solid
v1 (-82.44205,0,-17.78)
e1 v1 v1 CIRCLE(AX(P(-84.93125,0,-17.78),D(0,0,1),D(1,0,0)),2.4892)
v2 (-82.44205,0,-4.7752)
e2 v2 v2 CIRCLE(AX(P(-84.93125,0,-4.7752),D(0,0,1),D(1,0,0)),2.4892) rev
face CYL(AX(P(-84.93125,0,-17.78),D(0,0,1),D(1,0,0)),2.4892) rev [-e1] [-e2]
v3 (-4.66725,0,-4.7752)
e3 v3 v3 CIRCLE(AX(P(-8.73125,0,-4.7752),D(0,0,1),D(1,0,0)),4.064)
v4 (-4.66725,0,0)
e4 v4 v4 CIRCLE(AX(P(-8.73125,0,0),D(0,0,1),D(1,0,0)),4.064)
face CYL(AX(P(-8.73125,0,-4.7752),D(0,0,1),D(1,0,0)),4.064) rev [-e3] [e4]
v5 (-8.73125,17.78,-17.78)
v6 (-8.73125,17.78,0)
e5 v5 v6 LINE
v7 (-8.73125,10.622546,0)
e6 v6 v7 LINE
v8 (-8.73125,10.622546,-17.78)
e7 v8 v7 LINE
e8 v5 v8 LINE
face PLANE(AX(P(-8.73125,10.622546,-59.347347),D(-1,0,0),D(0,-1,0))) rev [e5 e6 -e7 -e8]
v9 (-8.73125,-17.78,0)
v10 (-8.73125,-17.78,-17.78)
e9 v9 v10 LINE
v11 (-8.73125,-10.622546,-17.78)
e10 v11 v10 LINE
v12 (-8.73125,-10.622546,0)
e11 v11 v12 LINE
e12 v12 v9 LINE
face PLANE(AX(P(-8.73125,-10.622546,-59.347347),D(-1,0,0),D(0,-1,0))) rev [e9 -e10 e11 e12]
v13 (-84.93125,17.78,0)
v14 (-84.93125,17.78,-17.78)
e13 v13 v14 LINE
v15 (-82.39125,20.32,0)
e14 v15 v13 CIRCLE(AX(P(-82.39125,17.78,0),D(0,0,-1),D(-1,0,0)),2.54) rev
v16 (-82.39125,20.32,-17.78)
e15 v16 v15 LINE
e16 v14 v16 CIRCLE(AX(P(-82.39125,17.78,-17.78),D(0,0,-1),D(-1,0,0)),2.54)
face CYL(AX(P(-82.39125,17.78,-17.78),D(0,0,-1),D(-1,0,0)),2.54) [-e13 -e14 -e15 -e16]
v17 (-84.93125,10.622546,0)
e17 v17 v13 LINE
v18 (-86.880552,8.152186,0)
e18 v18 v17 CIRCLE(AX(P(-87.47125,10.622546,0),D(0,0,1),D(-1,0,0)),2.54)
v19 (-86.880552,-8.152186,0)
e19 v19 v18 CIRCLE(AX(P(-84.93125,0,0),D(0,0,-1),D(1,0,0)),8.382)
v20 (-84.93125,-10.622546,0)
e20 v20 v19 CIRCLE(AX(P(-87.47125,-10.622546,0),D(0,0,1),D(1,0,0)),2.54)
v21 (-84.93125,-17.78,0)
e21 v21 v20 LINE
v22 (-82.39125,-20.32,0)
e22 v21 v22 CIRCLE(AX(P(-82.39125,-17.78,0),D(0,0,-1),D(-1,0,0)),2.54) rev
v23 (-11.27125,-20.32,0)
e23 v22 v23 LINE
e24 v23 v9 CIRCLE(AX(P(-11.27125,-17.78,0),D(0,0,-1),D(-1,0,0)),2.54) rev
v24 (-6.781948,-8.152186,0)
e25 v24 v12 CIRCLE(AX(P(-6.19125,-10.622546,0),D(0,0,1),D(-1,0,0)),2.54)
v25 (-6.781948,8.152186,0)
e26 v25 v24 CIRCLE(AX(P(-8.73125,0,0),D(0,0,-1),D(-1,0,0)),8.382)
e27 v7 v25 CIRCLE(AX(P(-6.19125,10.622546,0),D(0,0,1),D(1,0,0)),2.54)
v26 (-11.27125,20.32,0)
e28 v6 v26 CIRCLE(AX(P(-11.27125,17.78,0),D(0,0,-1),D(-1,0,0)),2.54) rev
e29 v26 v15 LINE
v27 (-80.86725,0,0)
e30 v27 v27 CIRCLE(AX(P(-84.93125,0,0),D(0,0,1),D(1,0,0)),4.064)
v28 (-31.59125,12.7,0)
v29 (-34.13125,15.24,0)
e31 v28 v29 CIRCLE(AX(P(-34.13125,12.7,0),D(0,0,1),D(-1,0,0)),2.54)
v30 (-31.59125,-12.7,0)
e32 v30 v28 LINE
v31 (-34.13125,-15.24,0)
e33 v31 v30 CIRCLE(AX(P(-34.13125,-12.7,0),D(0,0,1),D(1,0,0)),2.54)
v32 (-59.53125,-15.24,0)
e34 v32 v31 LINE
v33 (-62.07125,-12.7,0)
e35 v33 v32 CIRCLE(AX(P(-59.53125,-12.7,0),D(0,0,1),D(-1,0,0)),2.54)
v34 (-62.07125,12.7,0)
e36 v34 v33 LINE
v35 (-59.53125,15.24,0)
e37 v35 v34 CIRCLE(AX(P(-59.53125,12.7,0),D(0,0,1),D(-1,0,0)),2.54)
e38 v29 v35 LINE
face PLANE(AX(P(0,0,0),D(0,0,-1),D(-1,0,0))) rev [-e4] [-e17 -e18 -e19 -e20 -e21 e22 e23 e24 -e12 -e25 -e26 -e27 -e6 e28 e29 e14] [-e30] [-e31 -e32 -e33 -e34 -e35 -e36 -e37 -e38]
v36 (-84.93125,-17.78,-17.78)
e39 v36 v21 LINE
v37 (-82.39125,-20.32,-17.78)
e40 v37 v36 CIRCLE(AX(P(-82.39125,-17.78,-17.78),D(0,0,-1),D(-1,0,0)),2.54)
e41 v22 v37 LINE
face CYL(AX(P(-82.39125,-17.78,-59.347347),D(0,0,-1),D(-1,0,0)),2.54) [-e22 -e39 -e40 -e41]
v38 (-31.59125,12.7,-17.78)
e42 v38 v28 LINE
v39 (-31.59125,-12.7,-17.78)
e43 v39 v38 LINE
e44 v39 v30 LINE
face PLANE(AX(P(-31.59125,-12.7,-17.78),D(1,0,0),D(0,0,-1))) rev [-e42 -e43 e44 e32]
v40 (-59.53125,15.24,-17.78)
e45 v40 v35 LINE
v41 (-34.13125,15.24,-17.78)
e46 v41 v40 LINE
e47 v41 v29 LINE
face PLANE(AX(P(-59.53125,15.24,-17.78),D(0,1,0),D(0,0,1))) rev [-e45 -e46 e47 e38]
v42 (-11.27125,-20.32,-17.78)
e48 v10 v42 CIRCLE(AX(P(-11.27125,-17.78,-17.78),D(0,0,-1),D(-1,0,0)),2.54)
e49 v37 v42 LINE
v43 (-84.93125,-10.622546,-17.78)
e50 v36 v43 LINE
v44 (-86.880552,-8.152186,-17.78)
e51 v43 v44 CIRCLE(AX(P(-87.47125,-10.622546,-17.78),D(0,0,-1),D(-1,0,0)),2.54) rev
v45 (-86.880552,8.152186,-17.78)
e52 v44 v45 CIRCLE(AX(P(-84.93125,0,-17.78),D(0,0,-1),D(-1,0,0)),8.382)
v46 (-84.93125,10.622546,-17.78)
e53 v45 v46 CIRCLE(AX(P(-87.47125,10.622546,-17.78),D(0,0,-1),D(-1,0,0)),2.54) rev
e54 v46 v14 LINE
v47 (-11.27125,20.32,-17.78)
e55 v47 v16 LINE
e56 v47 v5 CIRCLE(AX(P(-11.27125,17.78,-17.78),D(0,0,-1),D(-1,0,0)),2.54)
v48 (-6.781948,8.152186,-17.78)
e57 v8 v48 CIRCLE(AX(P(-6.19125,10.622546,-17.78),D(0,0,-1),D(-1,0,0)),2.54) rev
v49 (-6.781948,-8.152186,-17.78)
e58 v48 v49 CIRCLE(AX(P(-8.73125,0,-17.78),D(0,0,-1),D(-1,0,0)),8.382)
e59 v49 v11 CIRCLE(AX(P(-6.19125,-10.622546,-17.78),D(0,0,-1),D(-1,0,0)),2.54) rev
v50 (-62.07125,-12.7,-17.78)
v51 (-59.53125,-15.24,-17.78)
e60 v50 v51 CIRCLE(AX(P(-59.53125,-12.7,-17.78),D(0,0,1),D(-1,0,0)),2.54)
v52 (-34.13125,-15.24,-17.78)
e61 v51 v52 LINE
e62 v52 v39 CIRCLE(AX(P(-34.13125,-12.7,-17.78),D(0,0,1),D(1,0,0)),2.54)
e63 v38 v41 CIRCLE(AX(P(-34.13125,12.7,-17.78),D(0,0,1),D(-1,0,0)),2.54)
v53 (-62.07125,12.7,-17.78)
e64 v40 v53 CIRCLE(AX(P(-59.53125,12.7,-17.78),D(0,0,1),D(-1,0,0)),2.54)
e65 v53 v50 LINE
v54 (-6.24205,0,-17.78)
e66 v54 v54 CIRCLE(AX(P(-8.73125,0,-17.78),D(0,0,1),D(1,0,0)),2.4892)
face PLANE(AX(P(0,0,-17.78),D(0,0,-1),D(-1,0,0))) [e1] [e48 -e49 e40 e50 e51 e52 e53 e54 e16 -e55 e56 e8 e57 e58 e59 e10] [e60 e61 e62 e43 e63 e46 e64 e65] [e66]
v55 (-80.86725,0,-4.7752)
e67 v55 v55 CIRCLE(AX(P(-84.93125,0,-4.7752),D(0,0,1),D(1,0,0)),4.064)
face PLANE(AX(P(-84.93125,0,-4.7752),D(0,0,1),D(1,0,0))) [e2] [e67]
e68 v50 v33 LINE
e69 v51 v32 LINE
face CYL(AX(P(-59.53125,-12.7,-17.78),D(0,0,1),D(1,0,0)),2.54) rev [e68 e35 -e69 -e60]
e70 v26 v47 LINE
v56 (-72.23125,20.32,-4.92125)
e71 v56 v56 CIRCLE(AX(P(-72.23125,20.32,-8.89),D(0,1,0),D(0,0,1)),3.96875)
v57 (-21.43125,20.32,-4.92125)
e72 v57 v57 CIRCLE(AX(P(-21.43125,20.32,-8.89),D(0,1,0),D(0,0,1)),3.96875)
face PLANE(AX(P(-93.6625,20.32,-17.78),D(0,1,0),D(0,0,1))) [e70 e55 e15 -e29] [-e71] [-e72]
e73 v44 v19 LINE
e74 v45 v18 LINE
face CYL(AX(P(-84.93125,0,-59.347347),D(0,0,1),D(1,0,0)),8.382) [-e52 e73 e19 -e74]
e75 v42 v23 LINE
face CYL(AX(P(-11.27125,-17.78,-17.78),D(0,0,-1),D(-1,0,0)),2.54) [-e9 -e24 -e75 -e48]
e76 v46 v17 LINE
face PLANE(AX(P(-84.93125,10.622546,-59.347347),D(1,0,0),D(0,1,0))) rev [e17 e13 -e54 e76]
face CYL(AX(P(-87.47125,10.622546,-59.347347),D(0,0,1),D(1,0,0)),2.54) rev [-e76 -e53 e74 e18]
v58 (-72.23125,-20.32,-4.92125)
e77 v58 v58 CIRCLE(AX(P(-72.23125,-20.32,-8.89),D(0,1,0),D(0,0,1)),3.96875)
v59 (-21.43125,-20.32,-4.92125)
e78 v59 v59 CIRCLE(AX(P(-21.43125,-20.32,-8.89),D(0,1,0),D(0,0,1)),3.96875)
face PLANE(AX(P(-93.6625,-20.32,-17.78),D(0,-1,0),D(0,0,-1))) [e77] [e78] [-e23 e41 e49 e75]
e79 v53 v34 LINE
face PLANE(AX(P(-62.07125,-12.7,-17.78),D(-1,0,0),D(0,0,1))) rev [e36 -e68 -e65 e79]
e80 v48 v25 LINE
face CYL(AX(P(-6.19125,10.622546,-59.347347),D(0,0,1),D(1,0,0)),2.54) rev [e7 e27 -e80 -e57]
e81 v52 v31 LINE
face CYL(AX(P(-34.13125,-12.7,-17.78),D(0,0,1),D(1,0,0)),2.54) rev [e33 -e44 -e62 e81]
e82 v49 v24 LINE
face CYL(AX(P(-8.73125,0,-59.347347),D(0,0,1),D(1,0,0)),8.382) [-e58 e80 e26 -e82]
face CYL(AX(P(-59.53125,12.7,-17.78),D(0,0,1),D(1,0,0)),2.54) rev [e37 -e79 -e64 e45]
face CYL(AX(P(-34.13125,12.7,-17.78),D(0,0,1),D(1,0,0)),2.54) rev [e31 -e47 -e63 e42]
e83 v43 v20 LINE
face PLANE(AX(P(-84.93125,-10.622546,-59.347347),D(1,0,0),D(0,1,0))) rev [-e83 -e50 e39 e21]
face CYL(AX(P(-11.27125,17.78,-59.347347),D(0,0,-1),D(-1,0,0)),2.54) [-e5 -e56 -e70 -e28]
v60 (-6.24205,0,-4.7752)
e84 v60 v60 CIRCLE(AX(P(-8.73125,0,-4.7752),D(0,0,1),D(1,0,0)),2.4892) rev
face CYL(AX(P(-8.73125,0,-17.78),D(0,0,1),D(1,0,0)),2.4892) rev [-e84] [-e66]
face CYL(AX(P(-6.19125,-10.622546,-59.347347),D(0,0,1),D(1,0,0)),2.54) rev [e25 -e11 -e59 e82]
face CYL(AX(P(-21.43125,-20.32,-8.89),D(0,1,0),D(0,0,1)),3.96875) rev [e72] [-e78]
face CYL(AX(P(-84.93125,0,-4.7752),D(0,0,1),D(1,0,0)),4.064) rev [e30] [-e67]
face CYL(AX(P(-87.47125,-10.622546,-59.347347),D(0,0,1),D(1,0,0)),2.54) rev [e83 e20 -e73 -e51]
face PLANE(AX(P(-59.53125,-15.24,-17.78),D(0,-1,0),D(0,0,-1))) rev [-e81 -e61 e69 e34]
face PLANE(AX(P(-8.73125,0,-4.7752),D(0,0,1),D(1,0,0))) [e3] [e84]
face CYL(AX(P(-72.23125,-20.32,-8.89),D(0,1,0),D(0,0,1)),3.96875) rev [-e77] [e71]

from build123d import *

# Parameters (mm, degrees)
SKETCH1_W           = 93.6625
SKETCH1_H           = 40.64
SKETCH1_R           = 2.4892
BOSS_EXTRUDE1_DEPTH = 17.78
SKETCH6_R           = 3.96875
CUT_EXTRUDE4_DEPTH  = 104.635910312
CUT_EXTRUDE3_DEPTH  = 17.78
FILLET1_R           = 2.54
SKETCH3_R           = 4.064
CUT_EXTRUDE5_DEPTH  = 4.7752
CUT_EXTRUDE6_DEPTH  = 98.141100599


with BuildPart() as part:
    # Sketch1 → Boss-Extrude1 (new body)
    with BuildSketch(Plane.XY):
        with Locations((-46.83125, 0)):
            Rectangle(SKETCH1_W, SKETCH1_H)
        with Locations((-84.93125, 0)):
            Circle(SKETCH1_R, mode=Mode.SUBTRACT)
        with Locations((-8.73125, 0)):
            Circle(SKETCH1_R, mode=Mode.SUBTRACT)
    extrude(amount=-BOSS_EXTRUDE1_DEPTH)

    # Sketch6 → Cut-Extrude4 (cut, through all)
    with BuildSketch(Plane(origin=(0, 20.32, 0), x_dir=(1, 0, 0), z_dir=(0, 1, 0))):
        with Locations(Location((-72.23125, 8.89, 0), (0, 0, 270))):
            Circle(SKETCH6_R)
        with Locations(Location((-21.43125, 8.89, 0), (0, 0, 270))):
            Circle(SKETCH6_R)
    extrude(amount=-CUT_EXTRUDE4_DEPTH, mode=Mode.SUBTRACT)

    # Sketch5 → Cut-Extrude3 (cut)
    with BuildSketch(Plane.XY):
        with BuildLine():
            Line((-93.6625, -20.32), (-93.6625, 20.32))
            Line((-93.6625, 20.32), (-84.93125, 20.32))
            Line((-84.93125, 20.32), (-84.93125, 10.622546022))
            ThreePointArc((-84.93125, 10.622546022), (-85.477262526, 9.049137635), (-86.880552326, 8.152186482))
            ThreePointArc((-86.880552326, 8.152186482), (-93.31325, 0), (-86.880552326, -8.152186482))
            ThreePointArc((-86.880552326, -8.152186482), (-85.477262526, -9.049137635), (-84.93125, -10.622546022))
            Line((-84.93125, -10.622546022), (-84.93125, -20.32))
            Line((-84.93125, -20.32), (-93.6625, -20.32))
        make_face()
        with BuildLine():
            Line((0, -20.32), (0, 20.32))
            Line((0, 20.32), (-8.73125, 20.32))
            Line((-8.73125, 20.32), (-8.73125, 10.622546022))
            ThreePointArc((-8.73125, 10.622546022), (-8.185237474, 9.049137635), (-6.781947674, 8.152186482))
            ThreePointArc((-6.781947674, 8.152186482), (-0.34925, 0), (-6.781947674, -8.152186482))
            ThreePointArc((-6.781947674, -8.152186482), (-8.185237474, -9.049137635), (-8.73125, -10.622546022))
            Line((-8.73125, -10.622546022), (-8.73125, -20.32))
            Line((-8.73125, -20.32), (0, -20.32))
        make_face()
    extrude(amount=-CUT_EXTRUDE3_DEPTH, mode=Mode.SUBTRACT)

    # Fillet1
    fillet1_edges = [part.edges().sort_by_distance(p)[0] for p in [
        (-84.93125, 20.32, -8.89),
        (-84.93125, -20.32, -8.89),
        (-8.73125, 20.32, -8.89),
        (-8.73125, -20.32, -8.89),
    ]]
    fillet(fillet1_edges, radius=FILLET1_R)

    # Sketch3 → Cut-Extrude5 (cut)
    with BuildSketch(Plane.XY):
        with Locations((-84.93125, 0)):
            Circle(SKETCH3_R)
        with Locations((-8.73125, 0)):
            Circle(SKETCH3_R)
    extrude(amount=-CUT_EXTRUDE5_DEPTH, mode=Mode.SUBTRACT)

    # Sketch7 → Cut-Extrude6 (cut, through all)
    with BuildSketch(Plane.XY):
        with BuildLine():
            Line((-59.53125, -15.24), (-34.13125, -15.24))
            ThreePointArc((-34.13125, -15.24), (-32.335198776, -14.496051224), (-31.59125, -12.7))
            Line((-31.59125, -12.7), (-31.59125, 12.7))
            ThreePointArc((-31.59125, 12.7), (-32.335198776, 14.496051224), (-34.13125, 15.24))
            Line((-34.13125, 15.24), (-59.53125, 15.24))
            ThreePointArc((-59.53125, 15.24), (-61.327301224, 14.496051224), (-62.07125, 12.7))
            Line((-62.07125, 12.7), (-62.07125, -12.7))
            ThreePointArc((-62.07125, -12.7), (-61.327301224, -14.496051224), (-59.53125, -15.24))
        make_face()
    extrude(amount=-CUT_EXTRUDE6_DEPTH, mode=Mode.SUBTRACT)


solid = part.part
